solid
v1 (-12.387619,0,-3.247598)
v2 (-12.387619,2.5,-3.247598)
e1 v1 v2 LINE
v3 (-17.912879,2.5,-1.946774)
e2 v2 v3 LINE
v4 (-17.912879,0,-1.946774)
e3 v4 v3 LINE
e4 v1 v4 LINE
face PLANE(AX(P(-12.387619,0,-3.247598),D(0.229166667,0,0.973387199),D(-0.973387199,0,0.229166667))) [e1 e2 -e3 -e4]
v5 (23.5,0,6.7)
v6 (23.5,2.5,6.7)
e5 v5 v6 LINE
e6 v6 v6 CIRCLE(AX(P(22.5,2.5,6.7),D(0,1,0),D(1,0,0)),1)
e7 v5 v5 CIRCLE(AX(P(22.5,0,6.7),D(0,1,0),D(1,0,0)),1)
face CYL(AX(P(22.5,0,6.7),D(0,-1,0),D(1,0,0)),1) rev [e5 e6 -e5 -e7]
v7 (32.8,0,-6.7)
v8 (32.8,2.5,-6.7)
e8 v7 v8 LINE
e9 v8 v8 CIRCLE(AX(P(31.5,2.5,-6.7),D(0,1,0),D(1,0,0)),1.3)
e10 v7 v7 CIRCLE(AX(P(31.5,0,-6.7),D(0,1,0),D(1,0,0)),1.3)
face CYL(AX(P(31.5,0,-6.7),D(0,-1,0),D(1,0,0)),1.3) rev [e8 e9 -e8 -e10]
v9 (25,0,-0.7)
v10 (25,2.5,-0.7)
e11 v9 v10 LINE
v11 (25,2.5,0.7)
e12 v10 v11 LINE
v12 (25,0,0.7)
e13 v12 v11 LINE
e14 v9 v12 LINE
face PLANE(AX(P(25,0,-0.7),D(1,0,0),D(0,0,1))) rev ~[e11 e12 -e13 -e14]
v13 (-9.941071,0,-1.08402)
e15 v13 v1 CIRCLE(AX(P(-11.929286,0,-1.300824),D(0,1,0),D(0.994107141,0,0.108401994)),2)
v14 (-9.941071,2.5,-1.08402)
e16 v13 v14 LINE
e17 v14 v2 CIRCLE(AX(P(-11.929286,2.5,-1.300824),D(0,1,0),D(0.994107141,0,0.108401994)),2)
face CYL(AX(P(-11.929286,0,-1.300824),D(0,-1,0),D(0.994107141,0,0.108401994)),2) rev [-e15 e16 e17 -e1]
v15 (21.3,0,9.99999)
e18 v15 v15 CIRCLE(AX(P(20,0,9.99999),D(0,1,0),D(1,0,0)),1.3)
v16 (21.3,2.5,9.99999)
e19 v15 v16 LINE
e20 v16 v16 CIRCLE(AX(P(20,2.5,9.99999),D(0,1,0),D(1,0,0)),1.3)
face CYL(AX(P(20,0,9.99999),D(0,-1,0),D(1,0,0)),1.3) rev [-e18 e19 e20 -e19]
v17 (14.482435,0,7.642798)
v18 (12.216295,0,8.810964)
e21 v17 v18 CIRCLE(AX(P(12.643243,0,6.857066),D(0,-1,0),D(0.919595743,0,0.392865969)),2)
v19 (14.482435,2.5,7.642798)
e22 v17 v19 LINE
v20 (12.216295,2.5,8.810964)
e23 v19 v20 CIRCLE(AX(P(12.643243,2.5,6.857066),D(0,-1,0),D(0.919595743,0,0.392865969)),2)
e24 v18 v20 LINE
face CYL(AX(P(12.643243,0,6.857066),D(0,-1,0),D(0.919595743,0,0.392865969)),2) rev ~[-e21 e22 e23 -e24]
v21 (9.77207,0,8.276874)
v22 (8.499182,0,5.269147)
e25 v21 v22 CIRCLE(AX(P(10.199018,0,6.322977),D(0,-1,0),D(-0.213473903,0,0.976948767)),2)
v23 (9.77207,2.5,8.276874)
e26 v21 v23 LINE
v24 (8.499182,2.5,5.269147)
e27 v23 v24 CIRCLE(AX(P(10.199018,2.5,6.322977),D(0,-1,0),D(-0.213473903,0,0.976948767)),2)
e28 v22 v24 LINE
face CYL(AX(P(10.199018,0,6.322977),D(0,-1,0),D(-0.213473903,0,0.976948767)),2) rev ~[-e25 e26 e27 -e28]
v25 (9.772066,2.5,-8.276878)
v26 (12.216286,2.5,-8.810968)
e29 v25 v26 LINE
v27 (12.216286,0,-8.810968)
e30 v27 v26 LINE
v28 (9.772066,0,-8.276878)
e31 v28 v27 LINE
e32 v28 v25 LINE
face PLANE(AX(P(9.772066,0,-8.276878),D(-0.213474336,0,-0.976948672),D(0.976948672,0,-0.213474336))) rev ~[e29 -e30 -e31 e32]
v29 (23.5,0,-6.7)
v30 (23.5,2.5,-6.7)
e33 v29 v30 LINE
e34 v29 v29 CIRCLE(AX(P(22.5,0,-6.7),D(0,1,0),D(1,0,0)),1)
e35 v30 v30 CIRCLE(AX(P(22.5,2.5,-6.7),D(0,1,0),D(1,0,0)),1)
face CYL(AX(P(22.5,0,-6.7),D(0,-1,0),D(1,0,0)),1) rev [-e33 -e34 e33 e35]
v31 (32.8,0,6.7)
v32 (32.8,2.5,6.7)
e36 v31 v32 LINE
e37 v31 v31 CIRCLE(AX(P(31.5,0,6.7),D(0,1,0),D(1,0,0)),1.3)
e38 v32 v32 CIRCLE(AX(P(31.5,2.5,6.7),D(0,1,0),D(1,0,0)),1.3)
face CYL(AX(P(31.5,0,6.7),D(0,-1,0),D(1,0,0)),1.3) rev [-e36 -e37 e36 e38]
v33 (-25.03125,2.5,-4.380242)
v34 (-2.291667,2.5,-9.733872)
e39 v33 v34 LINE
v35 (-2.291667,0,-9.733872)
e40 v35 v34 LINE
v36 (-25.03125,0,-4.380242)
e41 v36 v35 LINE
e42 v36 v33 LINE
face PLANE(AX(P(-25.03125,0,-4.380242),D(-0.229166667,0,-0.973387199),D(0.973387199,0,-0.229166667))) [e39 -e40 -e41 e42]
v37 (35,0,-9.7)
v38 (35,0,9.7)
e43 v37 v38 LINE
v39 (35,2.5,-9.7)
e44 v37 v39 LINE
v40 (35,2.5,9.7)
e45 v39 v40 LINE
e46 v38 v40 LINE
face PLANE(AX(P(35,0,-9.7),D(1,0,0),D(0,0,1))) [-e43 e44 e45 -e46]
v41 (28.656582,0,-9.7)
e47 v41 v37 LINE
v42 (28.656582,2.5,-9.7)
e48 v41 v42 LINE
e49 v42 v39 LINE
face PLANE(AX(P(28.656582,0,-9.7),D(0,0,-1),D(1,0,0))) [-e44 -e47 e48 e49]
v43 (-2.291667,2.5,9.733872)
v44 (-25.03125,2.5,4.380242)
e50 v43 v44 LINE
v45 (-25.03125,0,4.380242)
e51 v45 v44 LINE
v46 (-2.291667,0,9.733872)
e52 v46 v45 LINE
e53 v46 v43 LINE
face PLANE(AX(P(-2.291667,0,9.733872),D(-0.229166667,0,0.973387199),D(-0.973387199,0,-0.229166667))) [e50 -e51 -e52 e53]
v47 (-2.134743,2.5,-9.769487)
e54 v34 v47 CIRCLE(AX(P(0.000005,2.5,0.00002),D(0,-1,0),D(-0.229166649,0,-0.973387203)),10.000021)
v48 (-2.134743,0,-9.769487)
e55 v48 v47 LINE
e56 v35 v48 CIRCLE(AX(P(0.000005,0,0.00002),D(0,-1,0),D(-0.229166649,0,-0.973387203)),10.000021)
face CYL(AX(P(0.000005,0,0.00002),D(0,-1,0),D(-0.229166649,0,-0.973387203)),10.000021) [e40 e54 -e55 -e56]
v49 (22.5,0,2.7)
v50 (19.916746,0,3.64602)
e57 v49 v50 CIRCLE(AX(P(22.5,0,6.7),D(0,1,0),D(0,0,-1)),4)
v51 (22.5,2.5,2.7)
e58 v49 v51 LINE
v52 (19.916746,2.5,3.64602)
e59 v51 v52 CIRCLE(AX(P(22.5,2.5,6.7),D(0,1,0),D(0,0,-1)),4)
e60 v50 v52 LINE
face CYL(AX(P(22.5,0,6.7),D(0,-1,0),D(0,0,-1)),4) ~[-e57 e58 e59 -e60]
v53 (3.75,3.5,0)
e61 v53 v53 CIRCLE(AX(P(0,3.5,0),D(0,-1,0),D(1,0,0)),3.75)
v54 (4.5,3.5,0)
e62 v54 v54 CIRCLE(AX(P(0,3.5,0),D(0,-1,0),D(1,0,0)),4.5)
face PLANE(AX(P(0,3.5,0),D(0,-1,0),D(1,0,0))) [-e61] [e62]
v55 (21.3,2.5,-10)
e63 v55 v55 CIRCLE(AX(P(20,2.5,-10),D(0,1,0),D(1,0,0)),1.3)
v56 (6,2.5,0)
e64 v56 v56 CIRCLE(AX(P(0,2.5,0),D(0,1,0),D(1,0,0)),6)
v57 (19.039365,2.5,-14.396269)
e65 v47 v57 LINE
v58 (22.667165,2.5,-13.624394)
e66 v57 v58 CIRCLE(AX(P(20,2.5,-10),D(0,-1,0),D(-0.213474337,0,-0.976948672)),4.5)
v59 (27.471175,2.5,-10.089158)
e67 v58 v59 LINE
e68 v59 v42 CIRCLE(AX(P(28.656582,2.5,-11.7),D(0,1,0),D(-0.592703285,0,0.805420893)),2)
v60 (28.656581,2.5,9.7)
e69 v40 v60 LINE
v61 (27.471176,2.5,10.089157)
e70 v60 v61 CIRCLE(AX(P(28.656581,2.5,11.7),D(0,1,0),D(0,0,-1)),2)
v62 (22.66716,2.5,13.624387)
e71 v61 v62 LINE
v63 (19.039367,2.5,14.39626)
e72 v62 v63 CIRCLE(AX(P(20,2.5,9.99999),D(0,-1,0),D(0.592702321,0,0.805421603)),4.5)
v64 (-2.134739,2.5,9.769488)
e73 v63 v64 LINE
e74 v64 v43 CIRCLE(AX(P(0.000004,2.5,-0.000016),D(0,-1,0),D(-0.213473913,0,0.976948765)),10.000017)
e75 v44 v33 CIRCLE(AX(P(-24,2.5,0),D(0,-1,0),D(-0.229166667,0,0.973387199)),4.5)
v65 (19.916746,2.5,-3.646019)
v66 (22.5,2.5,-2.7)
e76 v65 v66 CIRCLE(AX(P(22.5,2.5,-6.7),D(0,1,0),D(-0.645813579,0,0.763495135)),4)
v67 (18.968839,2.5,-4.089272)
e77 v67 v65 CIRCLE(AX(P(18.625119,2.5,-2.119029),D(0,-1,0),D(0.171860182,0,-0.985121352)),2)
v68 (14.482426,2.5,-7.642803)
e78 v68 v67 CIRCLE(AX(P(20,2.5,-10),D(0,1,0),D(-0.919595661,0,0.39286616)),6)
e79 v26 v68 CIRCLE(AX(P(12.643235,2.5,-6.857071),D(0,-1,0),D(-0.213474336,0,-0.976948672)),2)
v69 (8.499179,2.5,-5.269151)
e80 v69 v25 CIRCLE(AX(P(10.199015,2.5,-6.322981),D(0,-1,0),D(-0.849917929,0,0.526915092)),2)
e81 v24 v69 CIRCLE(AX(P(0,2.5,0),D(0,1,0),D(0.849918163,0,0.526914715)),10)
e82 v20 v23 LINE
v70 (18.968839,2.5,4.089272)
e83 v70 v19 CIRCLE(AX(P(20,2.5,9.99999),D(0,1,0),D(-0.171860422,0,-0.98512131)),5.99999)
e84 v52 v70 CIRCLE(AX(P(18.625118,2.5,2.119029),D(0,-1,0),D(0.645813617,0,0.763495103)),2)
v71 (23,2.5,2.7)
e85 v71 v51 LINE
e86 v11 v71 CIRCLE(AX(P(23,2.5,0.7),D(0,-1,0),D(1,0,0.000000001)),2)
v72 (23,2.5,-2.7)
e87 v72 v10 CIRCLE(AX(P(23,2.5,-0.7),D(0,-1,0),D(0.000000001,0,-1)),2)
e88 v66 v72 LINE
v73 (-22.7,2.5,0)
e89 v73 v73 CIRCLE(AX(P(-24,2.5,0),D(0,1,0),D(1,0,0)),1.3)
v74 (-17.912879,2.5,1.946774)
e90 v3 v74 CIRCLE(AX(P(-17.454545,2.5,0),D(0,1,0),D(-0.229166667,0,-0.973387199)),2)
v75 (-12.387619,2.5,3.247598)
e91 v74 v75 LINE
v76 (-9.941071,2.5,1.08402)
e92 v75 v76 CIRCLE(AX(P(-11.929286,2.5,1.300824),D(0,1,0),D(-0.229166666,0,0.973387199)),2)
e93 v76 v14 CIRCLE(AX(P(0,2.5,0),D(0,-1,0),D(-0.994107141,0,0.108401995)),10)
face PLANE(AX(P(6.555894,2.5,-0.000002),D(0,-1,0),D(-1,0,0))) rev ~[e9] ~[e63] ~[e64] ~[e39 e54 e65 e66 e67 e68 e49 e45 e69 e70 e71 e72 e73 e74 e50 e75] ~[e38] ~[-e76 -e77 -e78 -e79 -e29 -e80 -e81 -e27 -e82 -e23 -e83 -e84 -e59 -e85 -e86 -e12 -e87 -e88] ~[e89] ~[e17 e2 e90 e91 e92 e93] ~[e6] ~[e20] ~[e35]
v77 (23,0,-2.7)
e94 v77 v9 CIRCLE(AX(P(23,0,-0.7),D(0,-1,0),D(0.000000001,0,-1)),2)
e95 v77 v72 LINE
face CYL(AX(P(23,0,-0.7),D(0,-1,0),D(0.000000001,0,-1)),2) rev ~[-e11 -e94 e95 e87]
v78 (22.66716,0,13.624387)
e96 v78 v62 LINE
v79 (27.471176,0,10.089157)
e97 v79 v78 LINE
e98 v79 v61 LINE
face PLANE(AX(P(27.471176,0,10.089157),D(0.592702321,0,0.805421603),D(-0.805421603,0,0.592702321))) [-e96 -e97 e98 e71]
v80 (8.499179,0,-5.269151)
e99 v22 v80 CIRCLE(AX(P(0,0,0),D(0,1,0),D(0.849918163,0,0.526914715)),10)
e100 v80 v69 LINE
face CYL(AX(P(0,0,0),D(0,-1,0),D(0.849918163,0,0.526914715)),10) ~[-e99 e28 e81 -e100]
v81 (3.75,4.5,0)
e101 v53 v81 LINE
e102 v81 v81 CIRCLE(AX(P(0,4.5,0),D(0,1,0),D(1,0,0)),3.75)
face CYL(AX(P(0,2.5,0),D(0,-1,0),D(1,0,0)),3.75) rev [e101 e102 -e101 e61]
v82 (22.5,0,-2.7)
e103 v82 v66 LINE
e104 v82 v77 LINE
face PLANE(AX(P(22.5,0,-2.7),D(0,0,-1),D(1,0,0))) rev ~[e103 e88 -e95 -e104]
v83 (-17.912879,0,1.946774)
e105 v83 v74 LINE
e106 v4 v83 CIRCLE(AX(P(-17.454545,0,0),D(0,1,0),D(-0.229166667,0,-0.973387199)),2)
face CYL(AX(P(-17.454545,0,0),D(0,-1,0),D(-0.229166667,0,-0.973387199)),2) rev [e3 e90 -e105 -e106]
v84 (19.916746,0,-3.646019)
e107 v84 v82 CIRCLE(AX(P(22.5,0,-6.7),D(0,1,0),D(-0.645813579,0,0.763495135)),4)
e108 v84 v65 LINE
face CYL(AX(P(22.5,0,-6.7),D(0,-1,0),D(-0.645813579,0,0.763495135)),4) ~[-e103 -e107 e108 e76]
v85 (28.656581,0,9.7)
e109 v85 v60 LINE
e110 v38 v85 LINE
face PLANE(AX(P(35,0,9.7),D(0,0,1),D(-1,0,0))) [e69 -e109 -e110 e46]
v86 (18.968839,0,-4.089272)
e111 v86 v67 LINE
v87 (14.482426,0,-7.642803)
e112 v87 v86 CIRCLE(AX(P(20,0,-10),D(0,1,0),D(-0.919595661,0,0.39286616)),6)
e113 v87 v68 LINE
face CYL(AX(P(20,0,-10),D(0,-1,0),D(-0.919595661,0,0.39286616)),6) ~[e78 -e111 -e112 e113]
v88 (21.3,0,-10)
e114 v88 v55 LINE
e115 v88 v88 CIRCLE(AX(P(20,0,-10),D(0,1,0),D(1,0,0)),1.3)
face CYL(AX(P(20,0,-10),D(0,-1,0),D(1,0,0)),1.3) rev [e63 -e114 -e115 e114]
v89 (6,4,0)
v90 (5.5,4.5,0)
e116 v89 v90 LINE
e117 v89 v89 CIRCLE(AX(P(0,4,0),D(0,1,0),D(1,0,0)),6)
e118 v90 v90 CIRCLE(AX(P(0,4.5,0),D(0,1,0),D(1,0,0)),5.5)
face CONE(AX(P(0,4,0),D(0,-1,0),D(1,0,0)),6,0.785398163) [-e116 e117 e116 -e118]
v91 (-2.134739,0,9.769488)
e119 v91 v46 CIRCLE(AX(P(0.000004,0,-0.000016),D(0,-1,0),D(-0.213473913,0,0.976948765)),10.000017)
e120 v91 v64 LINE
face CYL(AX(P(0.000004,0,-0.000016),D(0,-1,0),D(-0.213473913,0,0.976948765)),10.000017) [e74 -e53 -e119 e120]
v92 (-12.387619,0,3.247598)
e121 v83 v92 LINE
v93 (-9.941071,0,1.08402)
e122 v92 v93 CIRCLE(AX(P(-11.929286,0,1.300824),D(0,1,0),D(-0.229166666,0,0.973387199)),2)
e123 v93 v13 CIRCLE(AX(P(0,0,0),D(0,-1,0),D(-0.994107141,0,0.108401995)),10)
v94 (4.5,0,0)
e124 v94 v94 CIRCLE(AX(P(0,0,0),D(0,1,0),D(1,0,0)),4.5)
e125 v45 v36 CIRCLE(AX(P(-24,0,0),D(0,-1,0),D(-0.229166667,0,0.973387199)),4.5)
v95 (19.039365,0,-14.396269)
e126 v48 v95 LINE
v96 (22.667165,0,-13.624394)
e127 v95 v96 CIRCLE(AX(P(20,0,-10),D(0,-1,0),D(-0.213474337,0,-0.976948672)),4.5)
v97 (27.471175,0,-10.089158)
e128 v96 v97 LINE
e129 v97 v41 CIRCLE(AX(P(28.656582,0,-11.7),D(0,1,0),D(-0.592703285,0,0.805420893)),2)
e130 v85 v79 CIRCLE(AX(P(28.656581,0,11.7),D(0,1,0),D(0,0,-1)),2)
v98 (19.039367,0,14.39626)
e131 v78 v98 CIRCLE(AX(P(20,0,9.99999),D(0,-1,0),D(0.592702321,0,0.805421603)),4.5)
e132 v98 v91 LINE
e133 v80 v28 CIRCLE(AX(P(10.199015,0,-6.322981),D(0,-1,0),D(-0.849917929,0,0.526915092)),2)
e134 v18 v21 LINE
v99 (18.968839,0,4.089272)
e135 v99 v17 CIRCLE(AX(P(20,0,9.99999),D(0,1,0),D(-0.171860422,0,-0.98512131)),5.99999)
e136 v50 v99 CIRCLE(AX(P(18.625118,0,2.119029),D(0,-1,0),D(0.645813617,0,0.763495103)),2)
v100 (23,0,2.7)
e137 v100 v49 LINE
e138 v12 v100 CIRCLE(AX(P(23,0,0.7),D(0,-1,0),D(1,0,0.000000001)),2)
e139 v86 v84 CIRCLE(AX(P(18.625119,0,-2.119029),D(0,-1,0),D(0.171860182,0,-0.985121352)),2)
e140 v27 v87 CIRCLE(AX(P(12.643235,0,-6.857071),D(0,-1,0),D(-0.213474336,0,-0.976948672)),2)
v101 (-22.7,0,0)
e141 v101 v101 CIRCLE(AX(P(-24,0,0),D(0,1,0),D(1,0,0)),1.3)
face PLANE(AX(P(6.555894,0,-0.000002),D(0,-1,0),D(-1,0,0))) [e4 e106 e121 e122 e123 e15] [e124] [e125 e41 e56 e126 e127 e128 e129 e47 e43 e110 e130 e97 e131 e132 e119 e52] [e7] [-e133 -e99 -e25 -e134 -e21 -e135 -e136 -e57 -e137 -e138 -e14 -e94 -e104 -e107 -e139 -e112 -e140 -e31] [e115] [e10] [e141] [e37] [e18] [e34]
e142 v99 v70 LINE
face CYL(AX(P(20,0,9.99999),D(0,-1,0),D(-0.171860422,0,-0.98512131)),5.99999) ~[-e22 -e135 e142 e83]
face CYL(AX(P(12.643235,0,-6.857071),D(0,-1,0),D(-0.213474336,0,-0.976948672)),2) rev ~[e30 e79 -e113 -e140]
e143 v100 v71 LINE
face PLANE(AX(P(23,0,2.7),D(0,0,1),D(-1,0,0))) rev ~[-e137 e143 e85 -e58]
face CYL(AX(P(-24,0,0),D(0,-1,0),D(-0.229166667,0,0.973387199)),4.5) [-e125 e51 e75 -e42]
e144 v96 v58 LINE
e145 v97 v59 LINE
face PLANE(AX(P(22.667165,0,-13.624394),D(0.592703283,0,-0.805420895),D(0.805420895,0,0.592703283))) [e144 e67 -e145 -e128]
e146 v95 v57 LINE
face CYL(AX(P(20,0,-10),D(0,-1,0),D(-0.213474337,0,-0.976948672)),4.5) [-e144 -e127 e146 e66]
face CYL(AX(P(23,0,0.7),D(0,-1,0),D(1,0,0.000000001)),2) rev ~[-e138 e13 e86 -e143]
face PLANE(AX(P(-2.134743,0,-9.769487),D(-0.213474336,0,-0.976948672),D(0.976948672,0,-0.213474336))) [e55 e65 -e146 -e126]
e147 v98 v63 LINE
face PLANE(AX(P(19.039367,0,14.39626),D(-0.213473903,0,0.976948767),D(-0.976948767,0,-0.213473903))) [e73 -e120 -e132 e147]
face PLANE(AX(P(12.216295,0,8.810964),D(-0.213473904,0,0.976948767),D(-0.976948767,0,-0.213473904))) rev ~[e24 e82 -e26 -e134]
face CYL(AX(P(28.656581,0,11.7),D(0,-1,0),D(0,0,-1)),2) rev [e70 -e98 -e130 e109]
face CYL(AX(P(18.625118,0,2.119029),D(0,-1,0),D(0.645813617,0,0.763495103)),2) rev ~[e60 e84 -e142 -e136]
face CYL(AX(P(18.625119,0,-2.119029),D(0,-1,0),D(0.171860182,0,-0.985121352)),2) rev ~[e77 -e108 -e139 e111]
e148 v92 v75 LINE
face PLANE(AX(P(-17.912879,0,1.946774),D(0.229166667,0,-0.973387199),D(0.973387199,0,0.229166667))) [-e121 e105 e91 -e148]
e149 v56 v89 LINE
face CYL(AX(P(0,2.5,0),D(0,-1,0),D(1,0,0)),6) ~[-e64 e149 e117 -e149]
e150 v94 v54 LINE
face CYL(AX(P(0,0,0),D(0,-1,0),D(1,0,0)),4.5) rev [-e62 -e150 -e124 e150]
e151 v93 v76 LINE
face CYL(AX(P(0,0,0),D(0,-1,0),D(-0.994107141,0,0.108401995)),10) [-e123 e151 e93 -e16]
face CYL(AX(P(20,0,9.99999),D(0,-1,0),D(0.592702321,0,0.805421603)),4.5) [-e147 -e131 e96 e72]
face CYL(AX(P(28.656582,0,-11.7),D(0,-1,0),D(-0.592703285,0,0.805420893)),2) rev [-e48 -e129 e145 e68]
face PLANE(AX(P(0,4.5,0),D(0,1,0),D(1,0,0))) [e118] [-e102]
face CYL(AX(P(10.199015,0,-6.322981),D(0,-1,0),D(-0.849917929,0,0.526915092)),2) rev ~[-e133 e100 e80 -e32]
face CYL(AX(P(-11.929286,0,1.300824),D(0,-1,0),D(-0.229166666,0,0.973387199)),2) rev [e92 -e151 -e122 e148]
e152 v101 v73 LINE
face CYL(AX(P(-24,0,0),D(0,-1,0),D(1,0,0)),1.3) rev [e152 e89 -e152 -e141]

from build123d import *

# Parameters (mm, degrees)
SKETCH1_R           = 1.3
SKETCH1_R_2         = 4.5
SKETCH1_R_3         = 1
BOSS_EXTRUDE1_DEPTH = 2.5
SKETCH3_R           = 6
SKETCH3_R_2         = 3.75
BOSS_EXTRUDE2_DEPTH = 2
SKETCH4_R           = 4.5
SKETCH4_R_2         = 3.75
CUT_EXTRUDE1_DEPTH  = 1
CHAMFER1_SIZE       = 0.5


with BuildPart() as part:
    # Sketch1 → Boss-Extrude1 (new body)
    with BuildSketch(Plane(origin=(0, 0, 0), x_dir=(1, 0, 0), z_dir=(0, 1, 0))):
        with BuildLine():
            Line((35, 9.7), (35, -9.7))
            Line((35, -9.7), (28.656580513, -9.7))
            ThreePointArc((28.656580513, -9.7), (28.032756183, -9.799778117), (27.471175871, -10.089156794))
            Line((27.471175871, -10.089156794), (22.667160445, -13.62438739))
            ThreePointArc((22.667160445, -13.62438739), (20.936486005, -14.401466515), (19.039367435, -14.396259626))
            Line((19.039367435, -14.396259626), (-2.134739034, -9.769487666))
            ThreePointArc((-2.134739034, -9.769487666), (-2.213274492, -9.751995489), (-2.291666667, -9.733871989))
            Line((-2.291666667, -9.733871989), (-25.03125, -4.380242395))
            ThreePointArc((-25.03125, -4.380242395), (-28.5, 0), (-25.03125, 4.380242395))
            Line((-25.03125, 4.380242395), (-2.291666667, 9.733871989))
            ThreePointArc((-2.291666667, 9.733871989), (-2.213276651, 9.751994999), (-2.13474336, 9.769486721))
            Line((-2.13474336, 9.769486721), (19.039365488, 14.396269024))
            ThreePointArc((19.039365488, 14.396269024), (20.936487661, 14.401475987), (22.667164776, 13.624394026))
            Line((22.667164776, 13.624394026), (27.47117527, 10.089158211))
            ThreePointArc((27.47117527, 10.089158211), (28.032756372, 9.799778489), (28.656581837, 9.7))
            Line((28.656581837, 9.7), (35, 9.7))
        make_face()
        with Locations((31.5, 6.7)):
            Circle(SKETCH1_R, mode=Mode.SUBTRACT)
        with Locations((31.5, -6.7)):
            Circle(SKETCH1_R, mode=Mode.SUBTRACT)
        with Locations((20, 10)):
            Circle(SKETCH1_R, mode=Mode.SUBTRACT)
        with Locations((20, -9.999990176)):
            Circle(SKETCH1_R, mode=Mode.SUBTRACT)
        Circle(SKETCH1_R_2, mode=Mode.SUBTRACT)
        with Locations((-24, 0)):
            Circle(SKETCH1_R, mode=Mode.SUBTRACT)
        with Locations((22.5, -6.7)):
            Circle(SKETCH1_R_3, mode=Mode.SUBTRACT)
        with Locations((22.5, 6.7)):
            Circle(SKETCH1_R_3, mode=Mode.SUBTRACT)
        with BuildLine():
            Line((9.772066478, 8.276878442), (12.216286037, 8.810968065))
            ThreePointArc((12.216286037, 8.810968065), (13.559618748, 8.634777191), (14.482426032, 7.642803041))
            ThreePointArc((14.482426032, 7.642803041), (16.274630398, 5.296637232), (18.968838896, 4.089271891))
            ThreePointArc((18.968838896, 4.089271891), (19.472295347, 3.930738723), (19.916745685, 3.646019459))
            ThreePointArc((19.916745685, 3.646019459), (21.124485944, 2.943943413), (22.5, 2.7))
            Line((22.5, 2.7), (23, 2.7))
            ThreePointArc((23, 2.7), (24.414213562, 2.114213562), (25, 0.7))
            Line((25, 0.7), (25, -0.7))
            ThreePointArc((25, -0.7), (24.414213562, -2.114213562), (23, -2.7))
            Line((23, -2.7), (22.5, -2.7))
            ThreePointArc((22.5, -2.7), (21.124485854, -2.943943446), (19.916745538, -3.646019583))
            ThreePointArc((19.916745538, -3.646019583), (19.472295389, -3.930738787), (18.968839153, -4.089271995))
            ThreePointArc((18.968839153, -4.089271995), (16.274635438, -5.296635948), (14.482434575, -7.642798226))
            ThreePointArc((14.482434575, -7.642798226), (13.559627706, -8.634772461), (12.216295281, -8.810963823))
            Line((12.216295281, -8.810963823), (9.772070143, -8.276874115))
            ThreePointArc((9.772070143, -8.276874115), (8.357168863, -7.102458424), (8.499181625, -5.269147152))
            ThreePointArc((8.499181625, -5.269147152), (10, 2.214e-06), (8.499179292, 5.269150915))
            ThreePointArc((8.499179292, 5.269150915), (8.357165718, 7.102462125), (9.772066478, 8.276878442))
        make_face(mode=Mode.SUBTRACT)
        with BuildLine():
            Line((-17.912878788, -1.946774398), (-12.387619024, -3.247598329))
            ThreePointArc((-12.387619024, -3.247598329), (-10.604369925, -2.799022253), (-9.941071409, -1.084019943))
            ThreePointArc((-9.941071409, -1.084019943), (-10, 0), (-9.941071409, 1.084019943))
            ThreePointArc((-9.941071409, 1.084019943), (-10.604369925, 2.799022253), (-12.387619024, 3.247598329))
            Line((-12.387619024, 3.247598329), (-17.912878788, 1.946774398))
            ThreePointArc((-17.912878788, 1.946774398), (-19.454545455, 0), (-17.912878788, -1.946774398))
        make_face(mode=Mode.SUBTRACT)
    extrude(amount=BOSS_EXTRUDE1_DEPTH)

    # Sketch3 → Boss-Extrude2 (add)
    with BuildSketch(Plane(origin=(0, 2.5, 0), x_dir=(1, 0, 0), z_dir=(0, 1, 0))):
        Circle(SKETCH3_R)
        Circle(SKETCH3_R_2, mode=Mode.SUBTRACT)
    extrude(amount=BOSS_EXTRUDE2_DEPTH)

    # Sketch4 → Cut-Extrude1 (cut)
    with BuildSketch(Plane.XZ.offset(-2.5)):
        Circle(SKETCH4_R)
        Circle(SKETCH4_R_2, mode=Mode.SUBTRACT)
    extrude(amount=-CUT_EXTRUDE1_DEPTH, mode=Mode.SUBTRACT)

    # Chamfer1
    chamfer1_edges = [part.edges().sort_by_distance(p)[0] for p in [
        (-6, 4.5, 0),
    ]]
    chamfer(chamfer1_edges, length=CHAMFER1_SIZE)


solid = part.part
